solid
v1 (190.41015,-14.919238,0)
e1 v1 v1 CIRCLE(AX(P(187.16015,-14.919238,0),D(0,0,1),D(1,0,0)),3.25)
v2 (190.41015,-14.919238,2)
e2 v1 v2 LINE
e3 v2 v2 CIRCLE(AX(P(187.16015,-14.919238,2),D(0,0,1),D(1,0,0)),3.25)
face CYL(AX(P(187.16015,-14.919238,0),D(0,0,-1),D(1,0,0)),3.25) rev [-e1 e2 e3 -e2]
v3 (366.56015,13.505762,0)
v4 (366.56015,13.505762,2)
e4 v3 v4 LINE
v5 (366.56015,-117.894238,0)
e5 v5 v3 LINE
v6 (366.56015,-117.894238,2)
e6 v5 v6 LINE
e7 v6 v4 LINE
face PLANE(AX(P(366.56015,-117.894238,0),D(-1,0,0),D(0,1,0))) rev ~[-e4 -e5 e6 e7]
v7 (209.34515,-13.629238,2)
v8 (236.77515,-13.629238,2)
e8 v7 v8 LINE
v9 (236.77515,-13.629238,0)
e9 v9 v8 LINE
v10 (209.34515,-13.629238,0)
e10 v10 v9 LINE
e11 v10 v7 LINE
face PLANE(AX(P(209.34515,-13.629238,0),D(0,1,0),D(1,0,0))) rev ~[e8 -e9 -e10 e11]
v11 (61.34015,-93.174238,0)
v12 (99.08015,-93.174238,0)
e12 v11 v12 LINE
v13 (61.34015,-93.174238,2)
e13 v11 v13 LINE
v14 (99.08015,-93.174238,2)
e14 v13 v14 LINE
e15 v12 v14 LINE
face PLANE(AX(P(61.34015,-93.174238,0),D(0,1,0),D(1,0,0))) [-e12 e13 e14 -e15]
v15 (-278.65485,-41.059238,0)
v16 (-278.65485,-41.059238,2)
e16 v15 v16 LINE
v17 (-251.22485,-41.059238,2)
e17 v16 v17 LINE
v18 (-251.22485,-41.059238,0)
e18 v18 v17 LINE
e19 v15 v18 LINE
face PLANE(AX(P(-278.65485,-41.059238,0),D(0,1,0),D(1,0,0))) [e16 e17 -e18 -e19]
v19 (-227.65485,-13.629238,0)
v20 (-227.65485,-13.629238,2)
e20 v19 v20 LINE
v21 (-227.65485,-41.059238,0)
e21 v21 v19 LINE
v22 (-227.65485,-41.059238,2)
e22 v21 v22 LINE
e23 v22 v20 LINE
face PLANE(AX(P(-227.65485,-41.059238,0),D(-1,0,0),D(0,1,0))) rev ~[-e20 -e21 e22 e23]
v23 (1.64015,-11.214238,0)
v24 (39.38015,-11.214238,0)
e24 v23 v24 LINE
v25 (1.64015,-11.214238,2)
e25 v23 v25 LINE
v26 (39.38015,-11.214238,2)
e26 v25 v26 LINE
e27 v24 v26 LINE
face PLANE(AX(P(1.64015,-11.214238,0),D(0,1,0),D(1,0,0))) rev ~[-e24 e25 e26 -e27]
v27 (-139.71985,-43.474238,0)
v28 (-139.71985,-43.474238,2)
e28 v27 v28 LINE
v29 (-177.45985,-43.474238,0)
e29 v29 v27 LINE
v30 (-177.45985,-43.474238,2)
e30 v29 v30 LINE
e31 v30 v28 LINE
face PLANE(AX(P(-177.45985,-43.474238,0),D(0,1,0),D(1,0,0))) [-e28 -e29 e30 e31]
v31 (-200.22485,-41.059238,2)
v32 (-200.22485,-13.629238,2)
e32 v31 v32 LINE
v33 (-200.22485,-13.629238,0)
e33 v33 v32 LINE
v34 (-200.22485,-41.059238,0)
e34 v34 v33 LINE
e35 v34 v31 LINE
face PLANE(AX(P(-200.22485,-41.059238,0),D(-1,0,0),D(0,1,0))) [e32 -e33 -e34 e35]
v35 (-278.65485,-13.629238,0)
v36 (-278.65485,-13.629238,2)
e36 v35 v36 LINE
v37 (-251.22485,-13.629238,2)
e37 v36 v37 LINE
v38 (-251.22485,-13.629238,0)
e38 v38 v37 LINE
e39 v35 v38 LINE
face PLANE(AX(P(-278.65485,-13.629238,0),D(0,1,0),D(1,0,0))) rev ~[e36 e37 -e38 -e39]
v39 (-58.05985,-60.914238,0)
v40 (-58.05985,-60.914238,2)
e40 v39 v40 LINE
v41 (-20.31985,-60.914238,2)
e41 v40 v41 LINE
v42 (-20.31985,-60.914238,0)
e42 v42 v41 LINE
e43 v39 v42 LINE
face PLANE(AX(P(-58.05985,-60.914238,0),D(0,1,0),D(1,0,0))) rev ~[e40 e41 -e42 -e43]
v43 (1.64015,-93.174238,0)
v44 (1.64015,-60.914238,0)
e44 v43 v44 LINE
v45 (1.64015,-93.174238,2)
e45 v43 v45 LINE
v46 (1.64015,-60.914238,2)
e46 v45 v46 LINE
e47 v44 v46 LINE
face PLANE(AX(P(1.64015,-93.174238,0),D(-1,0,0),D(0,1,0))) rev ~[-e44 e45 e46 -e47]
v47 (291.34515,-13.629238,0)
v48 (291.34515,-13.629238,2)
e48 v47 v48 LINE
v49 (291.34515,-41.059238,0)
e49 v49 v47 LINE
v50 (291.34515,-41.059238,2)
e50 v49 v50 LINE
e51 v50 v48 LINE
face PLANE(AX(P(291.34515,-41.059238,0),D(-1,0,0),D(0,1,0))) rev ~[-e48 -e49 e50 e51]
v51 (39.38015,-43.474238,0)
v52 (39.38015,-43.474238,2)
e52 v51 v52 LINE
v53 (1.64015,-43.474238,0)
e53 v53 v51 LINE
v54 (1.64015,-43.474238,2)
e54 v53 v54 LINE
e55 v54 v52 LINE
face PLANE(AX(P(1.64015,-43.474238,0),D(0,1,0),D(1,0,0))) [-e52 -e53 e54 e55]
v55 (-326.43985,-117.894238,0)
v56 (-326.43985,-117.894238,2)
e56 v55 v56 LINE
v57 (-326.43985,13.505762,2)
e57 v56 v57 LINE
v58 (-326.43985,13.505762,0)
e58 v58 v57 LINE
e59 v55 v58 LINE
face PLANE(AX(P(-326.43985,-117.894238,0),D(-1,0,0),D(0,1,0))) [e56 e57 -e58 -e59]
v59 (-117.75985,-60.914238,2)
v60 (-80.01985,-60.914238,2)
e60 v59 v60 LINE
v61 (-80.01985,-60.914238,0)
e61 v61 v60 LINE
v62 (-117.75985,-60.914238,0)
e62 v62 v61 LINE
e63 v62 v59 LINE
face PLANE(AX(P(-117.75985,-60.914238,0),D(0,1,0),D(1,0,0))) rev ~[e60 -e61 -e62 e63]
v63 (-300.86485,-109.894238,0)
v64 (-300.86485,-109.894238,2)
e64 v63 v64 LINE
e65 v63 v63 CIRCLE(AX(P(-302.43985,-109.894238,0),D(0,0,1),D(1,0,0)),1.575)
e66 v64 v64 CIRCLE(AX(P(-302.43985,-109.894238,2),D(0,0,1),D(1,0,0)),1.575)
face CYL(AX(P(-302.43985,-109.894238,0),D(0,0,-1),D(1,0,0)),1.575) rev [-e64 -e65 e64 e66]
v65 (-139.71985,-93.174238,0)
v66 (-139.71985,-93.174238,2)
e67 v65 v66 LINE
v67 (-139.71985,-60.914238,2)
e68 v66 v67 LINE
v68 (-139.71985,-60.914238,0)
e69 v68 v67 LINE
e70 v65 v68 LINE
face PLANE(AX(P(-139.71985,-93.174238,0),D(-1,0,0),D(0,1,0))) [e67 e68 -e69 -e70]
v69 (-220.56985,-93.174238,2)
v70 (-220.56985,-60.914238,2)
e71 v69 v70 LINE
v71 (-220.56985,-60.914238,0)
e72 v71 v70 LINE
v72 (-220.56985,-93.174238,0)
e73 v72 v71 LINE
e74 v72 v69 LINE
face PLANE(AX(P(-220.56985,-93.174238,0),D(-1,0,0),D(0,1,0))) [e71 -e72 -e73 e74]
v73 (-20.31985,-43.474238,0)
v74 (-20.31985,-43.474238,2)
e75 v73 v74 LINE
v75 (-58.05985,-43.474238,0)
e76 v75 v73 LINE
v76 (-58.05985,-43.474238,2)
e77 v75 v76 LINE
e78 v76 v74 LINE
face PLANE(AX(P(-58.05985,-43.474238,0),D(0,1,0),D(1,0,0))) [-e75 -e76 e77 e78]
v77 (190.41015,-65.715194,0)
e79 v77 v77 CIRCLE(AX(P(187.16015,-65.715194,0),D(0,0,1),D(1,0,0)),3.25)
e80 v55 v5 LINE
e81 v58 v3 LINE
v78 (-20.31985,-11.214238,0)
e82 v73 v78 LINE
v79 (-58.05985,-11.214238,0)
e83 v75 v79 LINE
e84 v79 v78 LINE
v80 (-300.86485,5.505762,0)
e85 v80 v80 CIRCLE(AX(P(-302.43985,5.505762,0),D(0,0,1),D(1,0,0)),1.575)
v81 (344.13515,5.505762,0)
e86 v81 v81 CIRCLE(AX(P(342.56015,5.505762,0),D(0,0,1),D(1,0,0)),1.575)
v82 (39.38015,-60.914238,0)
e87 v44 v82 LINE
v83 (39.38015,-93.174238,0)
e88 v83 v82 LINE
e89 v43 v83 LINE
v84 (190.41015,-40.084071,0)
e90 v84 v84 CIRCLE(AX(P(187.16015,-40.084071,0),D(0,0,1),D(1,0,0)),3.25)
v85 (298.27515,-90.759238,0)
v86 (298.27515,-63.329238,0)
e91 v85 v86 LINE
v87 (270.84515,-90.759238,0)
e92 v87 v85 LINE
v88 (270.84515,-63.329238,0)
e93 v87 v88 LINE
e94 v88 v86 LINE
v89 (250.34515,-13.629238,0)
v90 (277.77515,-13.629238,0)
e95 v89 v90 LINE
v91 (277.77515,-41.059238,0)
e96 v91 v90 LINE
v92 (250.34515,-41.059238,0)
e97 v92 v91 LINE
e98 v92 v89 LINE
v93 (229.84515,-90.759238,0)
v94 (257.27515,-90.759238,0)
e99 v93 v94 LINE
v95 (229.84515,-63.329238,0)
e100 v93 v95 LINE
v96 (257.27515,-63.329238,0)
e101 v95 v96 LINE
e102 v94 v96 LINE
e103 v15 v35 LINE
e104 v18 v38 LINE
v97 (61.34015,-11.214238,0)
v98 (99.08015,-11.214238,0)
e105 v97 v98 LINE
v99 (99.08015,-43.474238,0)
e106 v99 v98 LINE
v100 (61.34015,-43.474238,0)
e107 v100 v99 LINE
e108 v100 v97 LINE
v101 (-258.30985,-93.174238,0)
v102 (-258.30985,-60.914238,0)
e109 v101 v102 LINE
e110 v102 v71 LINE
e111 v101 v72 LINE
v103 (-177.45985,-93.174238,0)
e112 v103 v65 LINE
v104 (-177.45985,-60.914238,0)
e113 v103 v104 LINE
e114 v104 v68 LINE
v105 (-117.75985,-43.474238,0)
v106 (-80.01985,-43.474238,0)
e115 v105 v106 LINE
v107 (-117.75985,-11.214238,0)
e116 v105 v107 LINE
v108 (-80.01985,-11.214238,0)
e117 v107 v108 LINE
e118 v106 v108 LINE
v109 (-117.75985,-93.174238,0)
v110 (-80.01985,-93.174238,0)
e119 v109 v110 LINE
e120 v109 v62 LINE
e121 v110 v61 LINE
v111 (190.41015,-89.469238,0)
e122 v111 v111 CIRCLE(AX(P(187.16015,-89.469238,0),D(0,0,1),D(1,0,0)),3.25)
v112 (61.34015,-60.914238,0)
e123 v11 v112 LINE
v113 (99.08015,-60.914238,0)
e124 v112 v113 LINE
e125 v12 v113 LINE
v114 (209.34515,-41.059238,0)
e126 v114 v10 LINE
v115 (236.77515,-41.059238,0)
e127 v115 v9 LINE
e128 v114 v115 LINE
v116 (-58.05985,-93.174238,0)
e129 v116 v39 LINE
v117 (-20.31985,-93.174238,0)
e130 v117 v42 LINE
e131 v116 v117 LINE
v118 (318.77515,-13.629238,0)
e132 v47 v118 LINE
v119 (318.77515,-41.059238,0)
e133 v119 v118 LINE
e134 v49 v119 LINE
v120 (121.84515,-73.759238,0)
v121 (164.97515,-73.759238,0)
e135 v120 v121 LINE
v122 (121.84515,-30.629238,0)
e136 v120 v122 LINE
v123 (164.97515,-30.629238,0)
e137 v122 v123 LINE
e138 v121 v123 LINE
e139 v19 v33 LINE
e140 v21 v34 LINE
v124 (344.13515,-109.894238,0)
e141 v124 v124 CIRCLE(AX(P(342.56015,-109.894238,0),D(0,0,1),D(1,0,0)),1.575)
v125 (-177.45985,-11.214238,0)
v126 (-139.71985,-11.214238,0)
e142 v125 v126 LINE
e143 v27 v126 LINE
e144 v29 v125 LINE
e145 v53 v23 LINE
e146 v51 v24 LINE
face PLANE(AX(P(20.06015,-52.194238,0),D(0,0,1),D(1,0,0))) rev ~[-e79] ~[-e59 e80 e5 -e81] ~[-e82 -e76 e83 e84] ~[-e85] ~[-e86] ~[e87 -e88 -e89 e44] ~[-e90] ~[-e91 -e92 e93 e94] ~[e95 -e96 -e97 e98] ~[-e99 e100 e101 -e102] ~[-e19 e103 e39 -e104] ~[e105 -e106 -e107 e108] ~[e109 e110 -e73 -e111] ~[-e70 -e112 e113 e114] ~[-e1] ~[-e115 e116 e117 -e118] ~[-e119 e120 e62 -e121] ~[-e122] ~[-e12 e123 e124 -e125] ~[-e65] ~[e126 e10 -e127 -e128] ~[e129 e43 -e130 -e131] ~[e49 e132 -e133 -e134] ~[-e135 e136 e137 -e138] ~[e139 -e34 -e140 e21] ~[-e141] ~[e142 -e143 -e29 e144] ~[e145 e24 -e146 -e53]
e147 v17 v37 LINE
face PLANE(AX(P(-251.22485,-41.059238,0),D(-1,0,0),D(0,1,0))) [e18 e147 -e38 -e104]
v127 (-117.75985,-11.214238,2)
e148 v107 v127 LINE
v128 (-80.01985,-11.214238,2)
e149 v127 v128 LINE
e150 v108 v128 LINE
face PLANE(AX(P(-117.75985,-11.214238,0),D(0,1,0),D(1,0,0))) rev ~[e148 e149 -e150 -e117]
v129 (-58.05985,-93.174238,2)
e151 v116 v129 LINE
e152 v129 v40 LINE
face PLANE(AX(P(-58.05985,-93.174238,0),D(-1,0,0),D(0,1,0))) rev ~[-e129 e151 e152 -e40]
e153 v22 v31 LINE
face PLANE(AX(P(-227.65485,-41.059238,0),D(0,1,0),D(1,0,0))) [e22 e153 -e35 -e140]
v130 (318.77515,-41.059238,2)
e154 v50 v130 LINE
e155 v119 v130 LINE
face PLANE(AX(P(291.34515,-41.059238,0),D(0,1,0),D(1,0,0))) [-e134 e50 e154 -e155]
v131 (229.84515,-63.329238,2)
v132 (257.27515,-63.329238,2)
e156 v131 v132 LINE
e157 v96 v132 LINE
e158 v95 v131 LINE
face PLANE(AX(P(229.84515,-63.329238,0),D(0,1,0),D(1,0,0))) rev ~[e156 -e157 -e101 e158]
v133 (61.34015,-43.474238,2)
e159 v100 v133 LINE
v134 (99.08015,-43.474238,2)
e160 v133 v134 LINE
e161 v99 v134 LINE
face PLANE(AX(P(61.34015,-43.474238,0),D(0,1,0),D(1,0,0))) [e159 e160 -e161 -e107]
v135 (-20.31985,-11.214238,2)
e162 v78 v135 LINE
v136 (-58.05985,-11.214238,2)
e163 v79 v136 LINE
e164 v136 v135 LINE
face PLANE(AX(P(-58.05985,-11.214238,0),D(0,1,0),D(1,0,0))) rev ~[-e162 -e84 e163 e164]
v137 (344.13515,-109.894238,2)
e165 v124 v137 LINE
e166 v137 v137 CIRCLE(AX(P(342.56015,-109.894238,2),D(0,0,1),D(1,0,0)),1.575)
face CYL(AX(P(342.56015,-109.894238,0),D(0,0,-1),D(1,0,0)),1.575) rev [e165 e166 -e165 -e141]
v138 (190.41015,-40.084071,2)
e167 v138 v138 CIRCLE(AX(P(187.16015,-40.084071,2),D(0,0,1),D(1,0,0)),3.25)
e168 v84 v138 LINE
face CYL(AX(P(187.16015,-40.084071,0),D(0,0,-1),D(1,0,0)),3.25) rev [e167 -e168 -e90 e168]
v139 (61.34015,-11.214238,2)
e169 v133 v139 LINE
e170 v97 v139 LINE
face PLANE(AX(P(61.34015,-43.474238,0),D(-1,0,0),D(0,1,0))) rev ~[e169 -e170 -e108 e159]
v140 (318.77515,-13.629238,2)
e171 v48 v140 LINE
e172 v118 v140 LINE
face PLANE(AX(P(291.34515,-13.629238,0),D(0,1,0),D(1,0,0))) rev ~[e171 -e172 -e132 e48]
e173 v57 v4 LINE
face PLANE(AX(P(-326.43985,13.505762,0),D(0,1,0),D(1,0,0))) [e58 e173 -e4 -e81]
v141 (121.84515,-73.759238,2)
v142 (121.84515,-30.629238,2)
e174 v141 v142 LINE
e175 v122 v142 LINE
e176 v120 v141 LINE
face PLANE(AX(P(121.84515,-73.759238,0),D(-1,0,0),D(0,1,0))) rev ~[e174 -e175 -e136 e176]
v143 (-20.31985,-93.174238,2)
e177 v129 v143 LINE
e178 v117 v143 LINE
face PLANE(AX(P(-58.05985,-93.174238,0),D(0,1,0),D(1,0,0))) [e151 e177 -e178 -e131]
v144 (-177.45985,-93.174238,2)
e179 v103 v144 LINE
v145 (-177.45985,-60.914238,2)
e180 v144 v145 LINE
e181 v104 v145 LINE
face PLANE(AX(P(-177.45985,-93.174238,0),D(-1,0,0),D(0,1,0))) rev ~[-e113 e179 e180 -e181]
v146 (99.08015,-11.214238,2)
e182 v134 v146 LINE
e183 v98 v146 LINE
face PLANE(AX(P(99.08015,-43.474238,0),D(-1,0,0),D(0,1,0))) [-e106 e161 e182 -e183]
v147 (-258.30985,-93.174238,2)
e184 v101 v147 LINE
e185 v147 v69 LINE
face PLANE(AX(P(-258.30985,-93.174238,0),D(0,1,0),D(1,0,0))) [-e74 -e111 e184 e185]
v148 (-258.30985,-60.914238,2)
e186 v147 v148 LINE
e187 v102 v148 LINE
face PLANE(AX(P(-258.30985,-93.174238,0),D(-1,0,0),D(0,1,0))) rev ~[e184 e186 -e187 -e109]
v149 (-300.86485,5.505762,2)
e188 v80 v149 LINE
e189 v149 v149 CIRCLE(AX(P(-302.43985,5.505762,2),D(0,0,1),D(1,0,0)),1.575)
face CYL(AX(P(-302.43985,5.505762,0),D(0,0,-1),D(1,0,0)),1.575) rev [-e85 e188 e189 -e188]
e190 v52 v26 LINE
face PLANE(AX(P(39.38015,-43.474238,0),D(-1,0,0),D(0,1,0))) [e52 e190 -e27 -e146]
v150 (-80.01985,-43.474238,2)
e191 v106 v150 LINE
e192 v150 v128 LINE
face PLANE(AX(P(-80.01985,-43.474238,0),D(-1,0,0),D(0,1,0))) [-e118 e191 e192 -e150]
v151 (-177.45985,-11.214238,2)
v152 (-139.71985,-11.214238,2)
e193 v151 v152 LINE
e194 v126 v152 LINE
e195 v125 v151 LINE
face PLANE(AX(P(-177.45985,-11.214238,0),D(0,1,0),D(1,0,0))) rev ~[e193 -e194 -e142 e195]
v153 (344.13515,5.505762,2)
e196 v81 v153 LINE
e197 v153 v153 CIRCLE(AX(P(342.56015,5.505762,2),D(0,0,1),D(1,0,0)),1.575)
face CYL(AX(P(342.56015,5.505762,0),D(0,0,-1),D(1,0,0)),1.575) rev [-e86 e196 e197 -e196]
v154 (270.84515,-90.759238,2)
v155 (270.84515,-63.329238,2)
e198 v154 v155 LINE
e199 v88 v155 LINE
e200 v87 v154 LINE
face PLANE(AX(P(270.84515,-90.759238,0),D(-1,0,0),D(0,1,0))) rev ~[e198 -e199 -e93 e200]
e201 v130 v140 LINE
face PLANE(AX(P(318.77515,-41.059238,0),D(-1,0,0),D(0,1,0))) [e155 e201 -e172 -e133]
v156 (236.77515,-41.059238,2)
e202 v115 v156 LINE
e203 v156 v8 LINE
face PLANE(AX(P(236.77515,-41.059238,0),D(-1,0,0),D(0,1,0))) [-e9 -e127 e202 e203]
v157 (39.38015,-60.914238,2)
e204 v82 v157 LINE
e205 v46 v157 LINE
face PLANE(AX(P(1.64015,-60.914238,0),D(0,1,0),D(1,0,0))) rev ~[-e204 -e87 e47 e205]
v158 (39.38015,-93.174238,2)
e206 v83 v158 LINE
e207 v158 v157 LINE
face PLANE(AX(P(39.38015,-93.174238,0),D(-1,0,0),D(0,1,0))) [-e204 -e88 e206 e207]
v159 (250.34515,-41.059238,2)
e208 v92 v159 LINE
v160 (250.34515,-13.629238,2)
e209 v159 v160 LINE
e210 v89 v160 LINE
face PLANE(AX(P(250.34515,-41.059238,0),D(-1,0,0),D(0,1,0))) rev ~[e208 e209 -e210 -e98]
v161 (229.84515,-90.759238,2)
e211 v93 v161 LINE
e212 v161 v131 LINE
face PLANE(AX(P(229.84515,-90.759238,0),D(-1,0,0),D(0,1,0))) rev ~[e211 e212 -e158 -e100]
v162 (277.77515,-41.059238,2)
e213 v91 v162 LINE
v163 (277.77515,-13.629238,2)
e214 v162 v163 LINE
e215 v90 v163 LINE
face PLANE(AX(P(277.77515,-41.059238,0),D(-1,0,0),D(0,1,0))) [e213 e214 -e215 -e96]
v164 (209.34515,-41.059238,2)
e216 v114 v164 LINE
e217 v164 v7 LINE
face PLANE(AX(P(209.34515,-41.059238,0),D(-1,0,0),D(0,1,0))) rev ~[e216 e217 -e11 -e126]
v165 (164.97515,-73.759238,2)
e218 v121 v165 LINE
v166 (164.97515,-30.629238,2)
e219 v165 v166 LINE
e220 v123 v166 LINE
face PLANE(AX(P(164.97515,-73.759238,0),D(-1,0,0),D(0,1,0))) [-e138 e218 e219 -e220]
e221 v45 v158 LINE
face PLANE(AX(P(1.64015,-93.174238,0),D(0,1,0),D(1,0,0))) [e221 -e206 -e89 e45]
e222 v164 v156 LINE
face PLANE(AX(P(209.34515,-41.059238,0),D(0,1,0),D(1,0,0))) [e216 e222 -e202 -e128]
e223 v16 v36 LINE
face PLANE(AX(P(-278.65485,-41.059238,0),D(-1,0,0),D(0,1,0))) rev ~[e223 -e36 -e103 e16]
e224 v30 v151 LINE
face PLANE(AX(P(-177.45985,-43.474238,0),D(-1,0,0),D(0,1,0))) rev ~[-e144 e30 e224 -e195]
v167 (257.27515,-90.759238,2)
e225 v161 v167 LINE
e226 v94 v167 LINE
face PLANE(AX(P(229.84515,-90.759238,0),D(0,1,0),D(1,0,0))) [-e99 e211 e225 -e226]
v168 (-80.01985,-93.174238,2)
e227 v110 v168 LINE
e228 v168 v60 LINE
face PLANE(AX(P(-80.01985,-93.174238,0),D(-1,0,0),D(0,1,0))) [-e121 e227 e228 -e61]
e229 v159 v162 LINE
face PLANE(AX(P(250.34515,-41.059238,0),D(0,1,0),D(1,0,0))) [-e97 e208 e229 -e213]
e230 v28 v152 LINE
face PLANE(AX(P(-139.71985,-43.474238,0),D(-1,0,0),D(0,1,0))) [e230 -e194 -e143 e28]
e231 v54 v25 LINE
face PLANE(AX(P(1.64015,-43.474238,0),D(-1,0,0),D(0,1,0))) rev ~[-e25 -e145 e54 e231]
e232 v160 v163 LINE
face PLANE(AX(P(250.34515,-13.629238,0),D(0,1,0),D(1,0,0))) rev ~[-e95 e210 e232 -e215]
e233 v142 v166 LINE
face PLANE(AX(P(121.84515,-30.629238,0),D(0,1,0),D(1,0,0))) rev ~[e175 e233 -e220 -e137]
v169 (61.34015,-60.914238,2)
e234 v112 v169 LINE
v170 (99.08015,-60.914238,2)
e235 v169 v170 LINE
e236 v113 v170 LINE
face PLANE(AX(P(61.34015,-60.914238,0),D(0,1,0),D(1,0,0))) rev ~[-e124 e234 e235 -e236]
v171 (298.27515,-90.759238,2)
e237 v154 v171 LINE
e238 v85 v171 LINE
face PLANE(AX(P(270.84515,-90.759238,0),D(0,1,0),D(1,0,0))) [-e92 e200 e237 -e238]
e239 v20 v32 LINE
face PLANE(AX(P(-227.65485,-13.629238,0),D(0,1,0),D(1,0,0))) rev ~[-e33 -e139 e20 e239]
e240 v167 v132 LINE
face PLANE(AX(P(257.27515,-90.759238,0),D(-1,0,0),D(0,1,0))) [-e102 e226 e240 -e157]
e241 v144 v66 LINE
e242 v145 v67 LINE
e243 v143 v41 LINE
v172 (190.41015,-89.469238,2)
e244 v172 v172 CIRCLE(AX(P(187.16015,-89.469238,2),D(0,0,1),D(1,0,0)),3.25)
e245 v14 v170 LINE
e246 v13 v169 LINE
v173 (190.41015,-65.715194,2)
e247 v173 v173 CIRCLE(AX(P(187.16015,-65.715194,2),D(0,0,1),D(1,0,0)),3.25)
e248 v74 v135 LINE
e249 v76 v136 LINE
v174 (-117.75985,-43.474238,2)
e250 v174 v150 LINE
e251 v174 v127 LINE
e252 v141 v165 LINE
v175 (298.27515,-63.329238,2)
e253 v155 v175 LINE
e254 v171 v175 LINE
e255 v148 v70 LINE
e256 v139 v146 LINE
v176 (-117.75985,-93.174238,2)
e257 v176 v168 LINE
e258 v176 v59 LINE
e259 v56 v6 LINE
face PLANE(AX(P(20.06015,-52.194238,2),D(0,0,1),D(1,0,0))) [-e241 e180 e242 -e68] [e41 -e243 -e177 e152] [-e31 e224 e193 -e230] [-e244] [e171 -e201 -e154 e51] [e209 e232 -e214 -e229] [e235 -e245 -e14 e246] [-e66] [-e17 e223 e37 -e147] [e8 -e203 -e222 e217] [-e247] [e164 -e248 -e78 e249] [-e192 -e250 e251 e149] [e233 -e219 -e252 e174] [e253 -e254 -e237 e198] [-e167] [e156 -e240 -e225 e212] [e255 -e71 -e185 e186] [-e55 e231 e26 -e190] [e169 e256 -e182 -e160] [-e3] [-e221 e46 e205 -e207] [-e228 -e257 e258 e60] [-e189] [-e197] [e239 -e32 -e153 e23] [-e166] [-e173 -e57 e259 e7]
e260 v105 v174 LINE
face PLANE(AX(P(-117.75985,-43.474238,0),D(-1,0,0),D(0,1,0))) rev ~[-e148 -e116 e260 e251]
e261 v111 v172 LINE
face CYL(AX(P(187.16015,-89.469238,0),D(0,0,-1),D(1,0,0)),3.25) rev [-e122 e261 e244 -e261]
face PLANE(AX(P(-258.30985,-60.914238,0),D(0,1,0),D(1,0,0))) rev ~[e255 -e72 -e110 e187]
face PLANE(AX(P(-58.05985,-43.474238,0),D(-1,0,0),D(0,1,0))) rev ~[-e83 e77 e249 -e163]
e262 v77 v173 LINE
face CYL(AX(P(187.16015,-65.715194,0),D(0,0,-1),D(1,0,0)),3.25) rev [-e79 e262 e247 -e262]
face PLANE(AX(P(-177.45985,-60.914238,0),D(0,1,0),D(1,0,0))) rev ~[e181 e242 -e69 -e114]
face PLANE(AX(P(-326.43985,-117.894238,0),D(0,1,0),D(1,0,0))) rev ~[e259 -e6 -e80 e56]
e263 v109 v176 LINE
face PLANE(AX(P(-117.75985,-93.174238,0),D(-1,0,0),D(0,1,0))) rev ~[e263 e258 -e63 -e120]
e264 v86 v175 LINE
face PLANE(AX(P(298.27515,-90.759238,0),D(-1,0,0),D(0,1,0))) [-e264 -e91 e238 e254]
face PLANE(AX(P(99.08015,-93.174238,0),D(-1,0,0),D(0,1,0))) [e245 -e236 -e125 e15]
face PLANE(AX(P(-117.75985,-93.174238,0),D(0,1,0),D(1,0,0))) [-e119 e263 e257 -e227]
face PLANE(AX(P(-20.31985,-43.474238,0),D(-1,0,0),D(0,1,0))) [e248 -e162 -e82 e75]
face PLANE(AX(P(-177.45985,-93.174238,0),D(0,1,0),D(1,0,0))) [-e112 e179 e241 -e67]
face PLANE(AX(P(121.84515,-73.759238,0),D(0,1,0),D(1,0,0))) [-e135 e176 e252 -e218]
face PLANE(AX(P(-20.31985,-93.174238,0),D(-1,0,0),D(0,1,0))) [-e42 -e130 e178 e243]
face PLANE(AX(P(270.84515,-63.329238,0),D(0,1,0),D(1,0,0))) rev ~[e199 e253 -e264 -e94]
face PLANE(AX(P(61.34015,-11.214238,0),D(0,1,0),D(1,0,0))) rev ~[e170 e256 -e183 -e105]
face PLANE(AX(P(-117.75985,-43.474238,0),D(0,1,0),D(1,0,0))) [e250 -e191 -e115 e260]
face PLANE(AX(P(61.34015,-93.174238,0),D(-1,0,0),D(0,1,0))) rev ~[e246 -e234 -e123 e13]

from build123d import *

# Parameters (mm, degrees)
F0_W     = 693
F0_H     = 131.4
F0_R     = 1.575
F0_W_2   = 37.74
F0_H_2   = 32.26
F0_R_2   = 3.25
F0_W_3   = 27.43
F0_H_3   = 27.43
F0_W_4   = 43.13
F0_H_4   = 43.13
F1_DEPTH = 2


with BuildPart() as f1:
    # F0 (on Top) → F1 (new body)
    with BuildSketch(Plane.XY):
        with Locations((20.0601496525, -52.194238013)):
            Rectangle(F0_W, F0_H)
        with Locations((-302.4398503475, -109.894238013)):
            Circle(F0_R, mode=Mode.SUBTRACT)
        with Locations((-239.4398503475, -77.044238013)):
            Rectangle(F0_W_2, F0_H_2, mode=Mode.SUBTRACT)
        with Locations((-158.5898503475, -77.044238013)):
            Rectangle(F0_W_2, F0_H_2, mode=Mode.SUBTRACT)
        with Locations((-98.8898503475, -77.044238013)):
            Rectangle(F0_W_2, F0_H_2, mode=Mode.SUBTRACT)
        with Locations((-39.1898503475, -77.044238013)):
            Rectangle(F0_W_2, F0_H_2, mode=Mode.SUBTRACT)
        with Locations((187.1601496525, -89.469238013)):
            Circle(F0_R_2, mode=Mode.SUBTRACT)
        with Locations((342.5601496525, -109.894238013)):
            Circle(F0_R, mode=Mode.SUBTRACT)
        with Locations((20.5101496525, -77.044238013)):
            Rectangle(F0_W_2, F0_H_2, mode=Mode.SUBTRACT)
        with Locations((80.2101496525, -77.044238013)):
            Rectangle(F0_W_2, F0_H_2, mode=Mode.SUBTRACT)
        with Locations((187.1601496525, -65.7151937485)):
            Circle(F0_R_2, mode=Mode.SUBTRACT)
        with Locations((243.5601496525, -77.044238013)):
            Rectangle(F0_W_3, F0_H_3, mode=Mode.SUBTRACT)
        with Locations((284.5601496525, -77.044238013)):
            Rectangle(F0_W_3, F0_H_3, mode=Mode.SUBTRACT)
        with Locations((-264.9398503475, -27.344238013)):
            Rectangle(F0_W_3, F0_H_3, mode=Mode.SUBTRACT)
        with Locations((-213.9398503475, -27.344238013)):
            Rectangle(F0_W_3, F0_H_3, mode=Mode.SUBTRACT)
        with Locations((-158.5898503475, -27.344238013)):
            Rectangle(F0_W_2, F0_H_2, mode=Mode.SUBTRACT)
        with Locations((-98.8898503475, -27.344238013)):
            Rectangle(F0_W_2, F0_H_2, mode=Mode.SUBTRACT)
        with Locations((-39.1898503475, -27.344238013)):
            Rectangle(F0_W_2, F0_H_2, mode=Mode.SUBTRACT)
        with Locations((-302.4398503475, 5.505761987)):
            Circle(F0_R, mode=Mode.SUBTRACT)
        with Locations((143.4101496525, -52.194238013)):
            Rectangle(F0_W_4, F0_H_4, mode=Mode.SUBTRACT)
        with Locations((187.1601496525, -40.0840714574)):
            Circle(F0_R_2, mode=Mode.SUBTRACT)
        with Locations((20.5101496525, -27.344238013)):
            Rectangle(F0_W_2, F0_H_2, mode=Mode.SUBTRACT)
        with Locations((80.2101496525, -27.344238013)):
            Rectangle(F0_W_2, F0_H_2, mode=Mode.SUBTRACT)
        with Locations((223.0601496525, -27.344238013)):
            Rectangle(F0_W_3, F0_H_3, mode=Mode.SUBTRACT)
        with Locations((264.0601496525, -27.344238013)):
            Rectangle(F0_W_3, F0_H_3, mode=Mode.SUBTRACT)
        with Locations((305.0601496525, -27.344238013)):
            Rectangle(F0_W_3, F0_H_3, mode=Mode.SUBTRACT)
        with Locations((187.1601496525, -14.919238013)):
            Circle(F0_R_2, mode=Mode.SUBTRACT)
        with Locations((342.5601496525, 5.505761987)):
            Circle(F0_R, mode=Mode.SUBTRACT)
    extrude(amount=F1_DEPTH)


solid = f1.part
